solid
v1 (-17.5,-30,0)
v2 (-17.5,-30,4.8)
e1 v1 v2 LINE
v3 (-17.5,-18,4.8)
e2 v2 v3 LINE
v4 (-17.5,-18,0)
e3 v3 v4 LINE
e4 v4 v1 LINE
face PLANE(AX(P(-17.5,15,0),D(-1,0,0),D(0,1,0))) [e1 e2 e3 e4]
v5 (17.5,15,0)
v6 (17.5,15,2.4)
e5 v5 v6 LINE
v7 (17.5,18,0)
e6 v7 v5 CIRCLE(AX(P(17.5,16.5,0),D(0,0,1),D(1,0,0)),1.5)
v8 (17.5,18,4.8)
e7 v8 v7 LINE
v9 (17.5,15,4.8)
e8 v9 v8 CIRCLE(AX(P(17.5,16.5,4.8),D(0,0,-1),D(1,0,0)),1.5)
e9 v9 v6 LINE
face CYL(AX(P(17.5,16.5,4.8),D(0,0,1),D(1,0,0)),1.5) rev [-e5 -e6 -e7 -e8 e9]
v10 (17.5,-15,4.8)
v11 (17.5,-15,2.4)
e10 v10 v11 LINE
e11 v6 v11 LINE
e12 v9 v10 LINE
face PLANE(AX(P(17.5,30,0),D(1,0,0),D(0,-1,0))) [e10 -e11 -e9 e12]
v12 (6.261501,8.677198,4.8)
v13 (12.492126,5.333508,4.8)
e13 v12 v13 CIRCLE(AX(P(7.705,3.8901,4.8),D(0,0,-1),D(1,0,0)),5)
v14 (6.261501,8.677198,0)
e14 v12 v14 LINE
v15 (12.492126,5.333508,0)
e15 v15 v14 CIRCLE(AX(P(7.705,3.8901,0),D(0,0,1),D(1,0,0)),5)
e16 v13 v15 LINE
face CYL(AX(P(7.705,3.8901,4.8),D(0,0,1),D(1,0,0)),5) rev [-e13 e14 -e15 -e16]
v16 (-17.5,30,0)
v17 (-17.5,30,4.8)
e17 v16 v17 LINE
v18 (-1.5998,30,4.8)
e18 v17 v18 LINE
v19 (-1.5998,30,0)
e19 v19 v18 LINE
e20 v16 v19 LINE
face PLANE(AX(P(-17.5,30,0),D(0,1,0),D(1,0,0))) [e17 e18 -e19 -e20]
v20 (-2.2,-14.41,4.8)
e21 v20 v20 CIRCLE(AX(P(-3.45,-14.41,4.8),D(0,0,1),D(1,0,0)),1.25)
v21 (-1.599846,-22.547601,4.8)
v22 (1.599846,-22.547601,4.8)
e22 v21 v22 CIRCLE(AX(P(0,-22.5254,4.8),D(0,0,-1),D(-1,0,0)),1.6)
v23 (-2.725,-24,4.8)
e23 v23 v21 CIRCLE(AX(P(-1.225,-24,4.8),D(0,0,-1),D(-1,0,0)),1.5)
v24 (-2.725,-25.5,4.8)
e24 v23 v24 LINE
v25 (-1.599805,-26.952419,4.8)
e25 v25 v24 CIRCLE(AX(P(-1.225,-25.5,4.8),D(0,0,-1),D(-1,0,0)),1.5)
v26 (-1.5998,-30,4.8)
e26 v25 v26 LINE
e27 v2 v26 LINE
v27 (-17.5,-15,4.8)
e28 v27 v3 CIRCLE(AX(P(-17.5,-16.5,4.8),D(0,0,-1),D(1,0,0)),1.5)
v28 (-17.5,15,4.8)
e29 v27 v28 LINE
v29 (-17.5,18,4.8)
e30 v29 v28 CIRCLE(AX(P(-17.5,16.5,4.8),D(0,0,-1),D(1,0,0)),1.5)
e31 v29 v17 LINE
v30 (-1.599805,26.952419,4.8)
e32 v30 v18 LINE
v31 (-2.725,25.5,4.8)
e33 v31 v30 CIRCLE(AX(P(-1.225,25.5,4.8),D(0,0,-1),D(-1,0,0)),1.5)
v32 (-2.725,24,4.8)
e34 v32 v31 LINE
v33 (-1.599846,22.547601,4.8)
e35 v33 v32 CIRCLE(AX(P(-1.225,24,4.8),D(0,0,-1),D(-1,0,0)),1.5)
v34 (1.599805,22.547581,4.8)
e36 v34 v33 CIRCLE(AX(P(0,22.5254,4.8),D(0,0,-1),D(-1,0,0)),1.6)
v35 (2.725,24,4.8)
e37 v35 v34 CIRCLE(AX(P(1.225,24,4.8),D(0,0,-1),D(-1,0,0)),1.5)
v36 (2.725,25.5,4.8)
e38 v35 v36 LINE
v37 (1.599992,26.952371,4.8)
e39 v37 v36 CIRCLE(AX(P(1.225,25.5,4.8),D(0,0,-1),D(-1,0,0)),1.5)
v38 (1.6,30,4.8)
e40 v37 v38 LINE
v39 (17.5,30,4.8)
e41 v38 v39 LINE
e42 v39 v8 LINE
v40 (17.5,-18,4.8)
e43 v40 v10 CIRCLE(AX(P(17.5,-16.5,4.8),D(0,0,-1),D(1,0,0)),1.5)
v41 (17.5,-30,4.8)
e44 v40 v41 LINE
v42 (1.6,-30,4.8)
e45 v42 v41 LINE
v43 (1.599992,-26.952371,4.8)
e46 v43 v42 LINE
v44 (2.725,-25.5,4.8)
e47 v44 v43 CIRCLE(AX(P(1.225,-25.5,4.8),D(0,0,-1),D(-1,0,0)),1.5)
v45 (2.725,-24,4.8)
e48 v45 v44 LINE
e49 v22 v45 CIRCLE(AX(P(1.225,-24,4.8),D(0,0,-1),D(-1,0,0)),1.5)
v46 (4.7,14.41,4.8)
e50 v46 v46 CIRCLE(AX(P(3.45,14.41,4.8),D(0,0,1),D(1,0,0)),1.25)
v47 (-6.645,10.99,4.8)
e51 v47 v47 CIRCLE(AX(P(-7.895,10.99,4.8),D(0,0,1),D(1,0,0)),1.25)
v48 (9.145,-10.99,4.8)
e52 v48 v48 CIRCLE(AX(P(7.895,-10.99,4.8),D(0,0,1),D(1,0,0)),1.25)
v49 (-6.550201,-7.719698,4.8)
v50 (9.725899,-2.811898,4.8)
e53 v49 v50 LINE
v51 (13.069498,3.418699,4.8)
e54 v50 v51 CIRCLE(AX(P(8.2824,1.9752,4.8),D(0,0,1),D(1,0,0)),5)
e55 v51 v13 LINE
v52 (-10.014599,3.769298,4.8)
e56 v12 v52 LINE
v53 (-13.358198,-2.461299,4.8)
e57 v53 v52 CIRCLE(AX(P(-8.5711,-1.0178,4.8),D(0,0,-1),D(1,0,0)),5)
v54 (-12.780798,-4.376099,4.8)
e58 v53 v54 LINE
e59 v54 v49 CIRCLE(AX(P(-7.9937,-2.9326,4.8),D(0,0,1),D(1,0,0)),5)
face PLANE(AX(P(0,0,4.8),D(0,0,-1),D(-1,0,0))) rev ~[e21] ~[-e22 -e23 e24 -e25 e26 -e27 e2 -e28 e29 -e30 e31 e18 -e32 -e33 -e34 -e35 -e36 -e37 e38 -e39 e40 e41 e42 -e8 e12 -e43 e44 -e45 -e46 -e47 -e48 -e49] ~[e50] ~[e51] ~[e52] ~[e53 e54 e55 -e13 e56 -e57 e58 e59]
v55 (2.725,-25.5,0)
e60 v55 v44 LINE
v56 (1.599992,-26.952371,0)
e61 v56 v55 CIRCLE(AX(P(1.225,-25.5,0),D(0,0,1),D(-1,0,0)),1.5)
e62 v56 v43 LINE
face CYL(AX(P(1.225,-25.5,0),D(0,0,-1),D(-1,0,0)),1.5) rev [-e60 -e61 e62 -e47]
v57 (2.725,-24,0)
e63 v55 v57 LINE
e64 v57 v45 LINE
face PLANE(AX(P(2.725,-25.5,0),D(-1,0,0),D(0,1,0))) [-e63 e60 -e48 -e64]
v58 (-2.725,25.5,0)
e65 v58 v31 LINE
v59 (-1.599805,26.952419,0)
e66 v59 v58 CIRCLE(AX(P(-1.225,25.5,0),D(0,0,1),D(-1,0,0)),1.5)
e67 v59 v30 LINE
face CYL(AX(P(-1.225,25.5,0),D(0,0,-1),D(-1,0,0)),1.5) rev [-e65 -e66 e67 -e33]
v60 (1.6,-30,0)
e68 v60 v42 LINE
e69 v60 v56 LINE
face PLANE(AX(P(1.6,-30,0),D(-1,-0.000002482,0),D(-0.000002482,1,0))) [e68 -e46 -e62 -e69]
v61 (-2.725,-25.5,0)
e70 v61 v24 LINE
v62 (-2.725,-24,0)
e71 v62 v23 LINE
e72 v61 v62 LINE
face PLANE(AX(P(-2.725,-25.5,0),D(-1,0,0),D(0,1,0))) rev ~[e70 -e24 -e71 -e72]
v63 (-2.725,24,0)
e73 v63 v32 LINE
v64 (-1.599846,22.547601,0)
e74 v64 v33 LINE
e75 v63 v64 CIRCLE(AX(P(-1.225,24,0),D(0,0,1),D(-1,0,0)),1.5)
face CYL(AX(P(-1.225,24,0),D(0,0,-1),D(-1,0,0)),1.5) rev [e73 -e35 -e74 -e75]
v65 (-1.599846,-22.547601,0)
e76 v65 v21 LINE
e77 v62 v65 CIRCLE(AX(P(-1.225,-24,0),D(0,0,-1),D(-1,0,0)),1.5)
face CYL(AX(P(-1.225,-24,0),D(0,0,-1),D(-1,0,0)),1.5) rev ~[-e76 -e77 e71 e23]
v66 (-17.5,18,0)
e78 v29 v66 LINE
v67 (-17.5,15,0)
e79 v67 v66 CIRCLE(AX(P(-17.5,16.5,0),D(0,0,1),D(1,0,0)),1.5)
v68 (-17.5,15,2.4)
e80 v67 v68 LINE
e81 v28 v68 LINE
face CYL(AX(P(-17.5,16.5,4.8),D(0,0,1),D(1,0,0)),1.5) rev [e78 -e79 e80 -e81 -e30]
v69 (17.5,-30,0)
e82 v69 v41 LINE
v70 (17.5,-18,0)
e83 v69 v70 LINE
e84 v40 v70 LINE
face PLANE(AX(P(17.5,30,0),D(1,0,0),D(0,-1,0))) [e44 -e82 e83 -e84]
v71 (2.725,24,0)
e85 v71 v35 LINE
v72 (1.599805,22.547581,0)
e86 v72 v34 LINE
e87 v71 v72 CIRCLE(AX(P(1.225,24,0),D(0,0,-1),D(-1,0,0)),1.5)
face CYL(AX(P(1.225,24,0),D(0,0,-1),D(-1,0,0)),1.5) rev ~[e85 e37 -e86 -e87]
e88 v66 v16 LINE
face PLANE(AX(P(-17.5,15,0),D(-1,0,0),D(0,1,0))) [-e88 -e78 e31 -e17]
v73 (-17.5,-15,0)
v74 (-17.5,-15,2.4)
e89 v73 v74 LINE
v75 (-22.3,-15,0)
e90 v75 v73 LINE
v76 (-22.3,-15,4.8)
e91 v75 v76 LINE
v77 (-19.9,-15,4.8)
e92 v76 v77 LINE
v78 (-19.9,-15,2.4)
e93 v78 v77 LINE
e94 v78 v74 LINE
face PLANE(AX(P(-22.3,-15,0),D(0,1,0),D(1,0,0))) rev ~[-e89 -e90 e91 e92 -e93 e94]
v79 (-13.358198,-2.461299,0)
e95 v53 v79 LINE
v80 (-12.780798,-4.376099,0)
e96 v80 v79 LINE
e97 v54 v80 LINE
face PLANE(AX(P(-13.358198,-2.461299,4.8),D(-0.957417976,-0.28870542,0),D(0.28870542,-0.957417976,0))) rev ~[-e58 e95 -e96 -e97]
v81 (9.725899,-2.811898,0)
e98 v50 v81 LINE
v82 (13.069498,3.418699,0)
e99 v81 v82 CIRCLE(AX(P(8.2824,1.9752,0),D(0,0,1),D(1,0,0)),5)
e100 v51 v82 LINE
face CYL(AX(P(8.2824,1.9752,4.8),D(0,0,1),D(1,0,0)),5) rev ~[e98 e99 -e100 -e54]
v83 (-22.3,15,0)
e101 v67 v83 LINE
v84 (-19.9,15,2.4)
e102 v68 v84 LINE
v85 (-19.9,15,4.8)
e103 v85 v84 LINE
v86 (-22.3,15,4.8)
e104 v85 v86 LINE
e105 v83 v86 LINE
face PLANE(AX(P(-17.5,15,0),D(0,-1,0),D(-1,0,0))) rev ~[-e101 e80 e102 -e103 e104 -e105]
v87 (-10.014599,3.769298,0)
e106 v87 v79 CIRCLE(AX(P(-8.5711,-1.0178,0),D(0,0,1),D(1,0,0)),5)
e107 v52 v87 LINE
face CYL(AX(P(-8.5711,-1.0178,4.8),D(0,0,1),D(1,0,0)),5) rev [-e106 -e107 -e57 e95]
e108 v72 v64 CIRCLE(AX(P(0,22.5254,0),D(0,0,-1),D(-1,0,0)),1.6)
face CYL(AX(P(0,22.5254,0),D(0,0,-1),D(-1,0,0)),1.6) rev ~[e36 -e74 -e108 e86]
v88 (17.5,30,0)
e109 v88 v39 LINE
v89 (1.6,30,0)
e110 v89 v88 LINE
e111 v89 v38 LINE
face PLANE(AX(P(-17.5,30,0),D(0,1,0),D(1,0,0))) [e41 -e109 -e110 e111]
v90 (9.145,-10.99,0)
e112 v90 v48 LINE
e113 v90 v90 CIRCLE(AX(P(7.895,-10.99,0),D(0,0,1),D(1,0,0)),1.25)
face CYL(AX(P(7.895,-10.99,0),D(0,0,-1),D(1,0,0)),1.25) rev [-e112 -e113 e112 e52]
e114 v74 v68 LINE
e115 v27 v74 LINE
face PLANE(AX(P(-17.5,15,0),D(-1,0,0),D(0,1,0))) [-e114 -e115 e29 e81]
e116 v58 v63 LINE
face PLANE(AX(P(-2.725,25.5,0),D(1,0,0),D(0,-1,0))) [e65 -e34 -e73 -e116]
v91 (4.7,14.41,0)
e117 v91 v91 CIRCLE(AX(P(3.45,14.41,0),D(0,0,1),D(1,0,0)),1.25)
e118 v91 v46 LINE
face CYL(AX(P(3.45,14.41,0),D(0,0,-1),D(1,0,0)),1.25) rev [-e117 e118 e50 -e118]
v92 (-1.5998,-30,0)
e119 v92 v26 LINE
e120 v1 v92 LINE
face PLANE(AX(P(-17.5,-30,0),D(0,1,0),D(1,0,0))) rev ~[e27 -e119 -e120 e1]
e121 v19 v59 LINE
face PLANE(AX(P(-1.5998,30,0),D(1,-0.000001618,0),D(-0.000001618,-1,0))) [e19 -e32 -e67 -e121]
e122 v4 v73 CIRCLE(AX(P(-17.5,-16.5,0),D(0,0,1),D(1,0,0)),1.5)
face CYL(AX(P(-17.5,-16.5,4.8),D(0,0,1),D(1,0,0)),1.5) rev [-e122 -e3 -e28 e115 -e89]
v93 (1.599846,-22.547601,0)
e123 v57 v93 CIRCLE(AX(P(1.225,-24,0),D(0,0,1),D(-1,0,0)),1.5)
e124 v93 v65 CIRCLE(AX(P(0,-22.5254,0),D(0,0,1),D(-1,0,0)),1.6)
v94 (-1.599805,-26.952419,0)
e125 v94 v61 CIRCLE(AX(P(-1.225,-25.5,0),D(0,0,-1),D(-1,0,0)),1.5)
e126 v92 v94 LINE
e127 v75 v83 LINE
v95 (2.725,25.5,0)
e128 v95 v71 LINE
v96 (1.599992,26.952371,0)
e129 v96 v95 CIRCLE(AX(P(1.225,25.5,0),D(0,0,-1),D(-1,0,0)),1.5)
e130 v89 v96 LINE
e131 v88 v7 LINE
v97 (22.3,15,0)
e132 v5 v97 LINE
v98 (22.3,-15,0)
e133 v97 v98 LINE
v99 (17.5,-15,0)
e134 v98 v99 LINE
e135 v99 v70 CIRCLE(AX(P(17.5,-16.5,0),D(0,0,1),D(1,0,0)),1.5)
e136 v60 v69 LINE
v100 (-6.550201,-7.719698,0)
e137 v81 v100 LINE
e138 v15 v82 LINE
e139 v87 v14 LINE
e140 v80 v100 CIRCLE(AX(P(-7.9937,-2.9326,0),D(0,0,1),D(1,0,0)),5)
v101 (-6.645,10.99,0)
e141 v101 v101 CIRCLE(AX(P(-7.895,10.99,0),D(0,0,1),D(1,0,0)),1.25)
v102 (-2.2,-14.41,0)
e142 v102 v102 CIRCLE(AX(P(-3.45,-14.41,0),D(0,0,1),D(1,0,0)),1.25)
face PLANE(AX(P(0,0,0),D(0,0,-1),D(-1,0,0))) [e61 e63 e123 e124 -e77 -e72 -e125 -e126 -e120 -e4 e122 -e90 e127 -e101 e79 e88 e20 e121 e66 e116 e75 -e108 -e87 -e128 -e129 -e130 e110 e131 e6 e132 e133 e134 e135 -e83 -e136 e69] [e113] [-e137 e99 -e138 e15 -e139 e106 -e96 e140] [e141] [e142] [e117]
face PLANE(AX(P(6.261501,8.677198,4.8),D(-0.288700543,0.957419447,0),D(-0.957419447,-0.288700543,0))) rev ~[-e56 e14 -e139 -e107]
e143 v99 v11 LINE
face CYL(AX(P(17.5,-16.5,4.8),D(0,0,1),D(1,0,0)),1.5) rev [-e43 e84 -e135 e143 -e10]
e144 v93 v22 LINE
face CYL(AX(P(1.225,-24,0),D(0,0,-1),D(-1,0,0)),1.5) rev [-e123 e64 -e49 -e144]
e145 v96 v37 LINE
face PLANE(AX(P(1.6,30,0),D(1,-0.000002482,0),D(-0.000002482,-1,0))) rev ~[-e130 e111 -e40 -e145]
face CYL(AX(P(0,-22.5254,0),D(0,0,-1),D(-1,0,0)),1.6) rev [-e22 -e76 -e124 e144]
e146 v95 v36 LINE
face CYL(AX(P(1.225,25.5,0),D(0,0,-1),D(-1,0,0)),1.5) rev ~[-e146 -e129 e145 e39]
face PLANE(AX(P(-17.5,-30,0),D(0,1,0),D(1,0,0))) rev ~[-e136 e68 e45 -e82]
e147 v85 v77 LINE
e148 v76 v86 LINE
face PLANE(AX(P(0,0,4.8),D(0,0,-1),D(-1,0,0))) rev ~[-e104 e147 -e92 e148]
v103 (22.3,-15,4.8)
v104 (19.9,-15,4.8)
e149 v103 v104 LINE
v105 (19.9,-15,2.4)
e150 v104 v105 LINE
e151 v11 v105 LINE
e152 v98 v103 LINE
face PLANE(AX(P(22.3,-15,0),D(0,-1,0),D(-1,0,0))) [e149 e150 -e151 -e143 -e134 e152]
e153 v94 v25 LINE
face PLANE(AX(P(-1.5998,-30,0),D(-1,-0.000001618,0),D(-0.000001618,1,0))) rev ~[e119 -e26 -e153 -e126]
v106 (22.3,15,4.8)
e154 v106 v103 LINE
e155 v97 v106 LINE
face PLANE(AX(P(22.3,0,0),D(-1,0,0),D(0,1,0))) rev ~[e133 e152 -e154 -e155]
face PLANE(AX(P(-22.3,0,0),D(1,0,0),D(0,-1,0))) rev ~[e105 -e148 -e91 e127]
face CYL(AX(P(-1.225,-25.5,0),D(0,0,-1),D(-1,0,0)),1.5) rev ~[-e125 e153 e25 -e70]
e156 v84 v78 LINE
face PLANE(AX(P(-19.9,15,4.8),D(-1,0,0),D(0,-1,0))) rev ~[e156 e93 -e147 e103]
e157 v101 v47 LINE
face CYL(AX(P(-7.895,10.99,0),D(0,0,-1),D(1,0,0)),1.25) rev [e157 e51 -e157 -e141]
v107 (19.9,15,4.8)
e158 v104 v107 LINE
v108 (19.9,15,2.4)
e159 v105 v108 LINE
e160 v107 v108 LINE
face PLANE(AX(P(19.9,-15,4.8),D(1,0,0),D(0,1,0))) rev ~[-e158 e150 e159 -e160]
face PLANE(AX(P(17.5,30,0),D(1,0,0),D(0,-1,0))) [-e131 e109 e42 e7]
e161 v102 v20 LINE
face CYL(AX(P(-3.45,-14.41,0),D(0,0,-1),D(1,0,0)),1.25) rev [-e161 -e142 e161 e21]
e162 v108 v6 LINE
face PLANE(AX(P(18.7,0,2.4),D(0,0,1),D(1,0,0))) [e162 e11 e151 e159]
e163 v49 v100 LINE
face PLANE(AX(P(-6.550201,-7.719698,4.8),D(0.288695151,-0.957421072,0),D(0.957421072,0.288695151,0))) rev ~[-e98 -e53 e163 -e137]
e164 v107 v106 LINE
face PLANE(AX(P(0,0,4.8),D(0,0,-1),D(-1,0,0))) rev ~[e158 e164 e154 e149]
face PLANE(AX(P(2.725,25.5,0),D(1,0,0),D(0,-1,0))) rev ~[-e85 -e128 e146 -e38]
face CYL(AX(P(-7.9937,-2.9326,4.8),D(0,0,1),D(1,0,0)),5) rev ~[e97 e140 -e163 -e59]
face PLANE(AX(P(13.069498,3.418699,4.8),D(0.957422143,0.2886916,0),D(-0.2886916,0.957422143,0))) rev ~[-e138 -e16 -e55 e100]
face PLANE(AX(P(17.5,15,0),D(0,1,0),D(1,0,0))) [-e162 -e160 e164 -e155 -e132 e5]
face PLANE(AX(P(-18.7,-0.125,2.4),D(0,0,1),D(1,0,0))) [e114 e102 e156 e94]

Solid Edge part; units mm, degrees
sketch "Sketch1" plane through (0, 0, 0) normal (0, 0, 1) x (1, 0, 0)
  line L0 (-17.5, 30) -> (17.5, 30)
  line L1 (17.5, 30) -> (17.5, 15)
  line L2 (17.5, 15) -> (22.3, 15)
  line L3 (22.3, 0) -> (22.3, 15)
  line L4 (22.3, 0) -> (22.3, -15)
  line L5 (22.3, -15) -> (17.5, -15)
  line L6 (17.5, -30) -> (17.5, -15)
  line L7 (-17.5, -30) -> (17.5, -30)
  line L8 (-17.5, -15) -> (-17.5, -30)
  line L9 (-22.3, -15) -> (-17.5, -15)
  line L10 (-22.3, 0) -> (-22.3, -15)
  line L11 (-22.3, 0) -> (-22.3, 15)
  line L12 (-17.5, 15) -> (-22.3, 15)
  line L13 (-17.5, 15) -> (-17.5, 30)
  circle A0 centre (3.45, 14.41) radius 1.25
  circle A1 centre (-7.895, 10.99) radius 1.25
  circle A2 centre (-3.45, -14.41) radius 1.25
  circle A3 centre (7.895, -10.99) radius 1.25
  dimension "D1" = 30
  dimension "D2" = 15
  dimension "D3" = 35
  dimension "D4" = 15
extrude "ExtrudedProtrusion_6" add sketch "Sketch1" along normal blind 4.8
sketch "Sketch2" plane through (0, 0, 4.8) normal (0, 0, 1) x (1, 0, 0)
  line L0 (-19.9, 15) -> (-19.9, -15.25)
  line L1 (-19.9, -15.25) -> (-17.5, -15.25)
  line L2 (-17.5, -15.25) -> (-17.5, 15)
  line L3 (-17.5, 15) -> (-19.9, 15)
  line L4 (19.9, -15) -> (19.9, 15)
  line L5 (19.9, 15) -> (17.5, 15)
  line L6 (17.5, 15) -> (17.5, -15)
  line L7 (17.5, -15) -> (19.9, -15)
extrude "ExtrudedCutout_5" cut sketch "Sketch2" against normal blind 2.4
sketch "Sketch3" plane through (0, -0.25, 4.8) normal (0, 0, 1) x (1, 0, 0)
  line L0 (6.2615, 8.9272) -> (-10.0146, 4.0193)
  arc A0 (-13.3582, -2.2113) -> (-10.0146, 4.0193) centre (-8.5711, -0.7678) cw
  line L1 (-13.3582, -2.2113) -> (-12.7808, -4.1261)
  arc A1 (-12.7808, -4.1261) -> (-6.5502, -7.4697) centre (-7.9937, -2.6826) ccw
  line L2 (-6.5502, -7.4697) -> (9.7259, -2.5619)
  arc A2 (9.7259, -2.5619) -> (13.0695, 3.6687) centre (8.2824, 2.2252) ccw
  line L3 (13.0695, 3.6687) -> (12.4921, 5.5835)
  arc A3 (6.2615, 8.9272) -> (12.4921, 5.5835) centre (7.705, 4.1401) cw
extrude "ExtrudedCutout_7" cut sketch "Sketch3" against normal blind 5
sketch "Sketch4" plane through (0, -0.25, 4.8) normal (0, 0, 1) x (1, 0, 0)
  arc A0 (-17.5, 18.25) -> (-17.5, 15.25) centre (-17.5, 16.75) cw
  line L0 (-17.5, 15.25) -> (-17.5, 18.25)
  arc A1 (-17.5, -14.75) -> (-17.5, -17.75) centre (-17.5, -16.25) cw
  line L1 (-17.5, -14.75) -> (-17.5, -17.75)
  arc A2 (17.5, -17.75) -> (17.5, -14.75) centre (17.5, -16.25) cw
  line L2 (17.5, -14.75) -> (17.5, -17.75)
  line L3 (17.5, 15.25) -> (17.5, 18.25)
  arc A3 (17.5, 15.25) -> (17.5, 18.25) centre (17.5, 16.75) cw
extrude "Cutout1" cut sketch "Sketch4" against normal blind 5
sketch "Sketch5" plane through (0, -0.25, 0) normal (0, 0, -1) x (-1, 0, 0)
  line L0 (-1.6, 30.25) -> (-1.6, 27.2024)
  arc A0 (-1.6, 27.2024) -> (-2.725, 25.75) centre (-1.225, 25.75) ccw
  line L1 (-2.725, 25.75) -> (-2.725, 24.25)
  arc A1 (-2.725, 24.25) -> (-1.5998, 22.7976) centre (-1.225, 24.25) ccw
  arc A2 (-1.5998, 22.7976) -> (1.5998, 22.7976) centre (0, 22.7754) ccw
  arc A3 (2.725, 24.25) -> (1.5998, 22.7976) centre (1.225, 24.25) cw
  line L2 (2.725, 25.75) -> (2.725, 24.25)
  arc A4 (1.5998, 27.2024) -> (2.725, 25.75) centre (1.225, 25.75) cw
  line L3 (1.5998, 30.25) -> (1.5998, 27.2024)
  line L4 (0, 30.25) -> (1.5998, 30.25)
  line L5 (0, 30.25) -> (-1.6, 30.25)
  arc A5 (-1.5998, -22.2976) -> (1.5998, -22.2976) centre (0, -22.2754) cw
  arc A6 (2.725, -23.75) -> (1.5998, -22.2976) centre (1.225, -23.75) ccw
  line L6 (2.725, -25.25) -> (2.725, -23.75)
  arc A7 (1.5998, -26.7024) -> (2.725, -25.25) centre (1.225, -25.25) ccw
  line L7 (1.5998, -29.75) -> (1.5998, -26.7024)
  line L8 (0, -29.75) -> (1.5998, -29.75)
  line L9 (0, -29.75) -> (-1.6, -29.75)
  line L10 (-1.6, -29.75) -> (-1.6, -26.7024)
  arc A8 (-1.6, -26.7024) -> (-2.725, -25.25) centre (-1.225, -25.25) cw
  line L11 (-2.725, -25.25) -> (-2.725, -23.75)
  arc A9 (-2.725, -23.75) -> (-1.5998, -22.2976) centre (-1.225, -23.75) cw
extrude "Cutout2" cut sketch "Sketch5" against normal up to next
properties material "Polycarbonate"
